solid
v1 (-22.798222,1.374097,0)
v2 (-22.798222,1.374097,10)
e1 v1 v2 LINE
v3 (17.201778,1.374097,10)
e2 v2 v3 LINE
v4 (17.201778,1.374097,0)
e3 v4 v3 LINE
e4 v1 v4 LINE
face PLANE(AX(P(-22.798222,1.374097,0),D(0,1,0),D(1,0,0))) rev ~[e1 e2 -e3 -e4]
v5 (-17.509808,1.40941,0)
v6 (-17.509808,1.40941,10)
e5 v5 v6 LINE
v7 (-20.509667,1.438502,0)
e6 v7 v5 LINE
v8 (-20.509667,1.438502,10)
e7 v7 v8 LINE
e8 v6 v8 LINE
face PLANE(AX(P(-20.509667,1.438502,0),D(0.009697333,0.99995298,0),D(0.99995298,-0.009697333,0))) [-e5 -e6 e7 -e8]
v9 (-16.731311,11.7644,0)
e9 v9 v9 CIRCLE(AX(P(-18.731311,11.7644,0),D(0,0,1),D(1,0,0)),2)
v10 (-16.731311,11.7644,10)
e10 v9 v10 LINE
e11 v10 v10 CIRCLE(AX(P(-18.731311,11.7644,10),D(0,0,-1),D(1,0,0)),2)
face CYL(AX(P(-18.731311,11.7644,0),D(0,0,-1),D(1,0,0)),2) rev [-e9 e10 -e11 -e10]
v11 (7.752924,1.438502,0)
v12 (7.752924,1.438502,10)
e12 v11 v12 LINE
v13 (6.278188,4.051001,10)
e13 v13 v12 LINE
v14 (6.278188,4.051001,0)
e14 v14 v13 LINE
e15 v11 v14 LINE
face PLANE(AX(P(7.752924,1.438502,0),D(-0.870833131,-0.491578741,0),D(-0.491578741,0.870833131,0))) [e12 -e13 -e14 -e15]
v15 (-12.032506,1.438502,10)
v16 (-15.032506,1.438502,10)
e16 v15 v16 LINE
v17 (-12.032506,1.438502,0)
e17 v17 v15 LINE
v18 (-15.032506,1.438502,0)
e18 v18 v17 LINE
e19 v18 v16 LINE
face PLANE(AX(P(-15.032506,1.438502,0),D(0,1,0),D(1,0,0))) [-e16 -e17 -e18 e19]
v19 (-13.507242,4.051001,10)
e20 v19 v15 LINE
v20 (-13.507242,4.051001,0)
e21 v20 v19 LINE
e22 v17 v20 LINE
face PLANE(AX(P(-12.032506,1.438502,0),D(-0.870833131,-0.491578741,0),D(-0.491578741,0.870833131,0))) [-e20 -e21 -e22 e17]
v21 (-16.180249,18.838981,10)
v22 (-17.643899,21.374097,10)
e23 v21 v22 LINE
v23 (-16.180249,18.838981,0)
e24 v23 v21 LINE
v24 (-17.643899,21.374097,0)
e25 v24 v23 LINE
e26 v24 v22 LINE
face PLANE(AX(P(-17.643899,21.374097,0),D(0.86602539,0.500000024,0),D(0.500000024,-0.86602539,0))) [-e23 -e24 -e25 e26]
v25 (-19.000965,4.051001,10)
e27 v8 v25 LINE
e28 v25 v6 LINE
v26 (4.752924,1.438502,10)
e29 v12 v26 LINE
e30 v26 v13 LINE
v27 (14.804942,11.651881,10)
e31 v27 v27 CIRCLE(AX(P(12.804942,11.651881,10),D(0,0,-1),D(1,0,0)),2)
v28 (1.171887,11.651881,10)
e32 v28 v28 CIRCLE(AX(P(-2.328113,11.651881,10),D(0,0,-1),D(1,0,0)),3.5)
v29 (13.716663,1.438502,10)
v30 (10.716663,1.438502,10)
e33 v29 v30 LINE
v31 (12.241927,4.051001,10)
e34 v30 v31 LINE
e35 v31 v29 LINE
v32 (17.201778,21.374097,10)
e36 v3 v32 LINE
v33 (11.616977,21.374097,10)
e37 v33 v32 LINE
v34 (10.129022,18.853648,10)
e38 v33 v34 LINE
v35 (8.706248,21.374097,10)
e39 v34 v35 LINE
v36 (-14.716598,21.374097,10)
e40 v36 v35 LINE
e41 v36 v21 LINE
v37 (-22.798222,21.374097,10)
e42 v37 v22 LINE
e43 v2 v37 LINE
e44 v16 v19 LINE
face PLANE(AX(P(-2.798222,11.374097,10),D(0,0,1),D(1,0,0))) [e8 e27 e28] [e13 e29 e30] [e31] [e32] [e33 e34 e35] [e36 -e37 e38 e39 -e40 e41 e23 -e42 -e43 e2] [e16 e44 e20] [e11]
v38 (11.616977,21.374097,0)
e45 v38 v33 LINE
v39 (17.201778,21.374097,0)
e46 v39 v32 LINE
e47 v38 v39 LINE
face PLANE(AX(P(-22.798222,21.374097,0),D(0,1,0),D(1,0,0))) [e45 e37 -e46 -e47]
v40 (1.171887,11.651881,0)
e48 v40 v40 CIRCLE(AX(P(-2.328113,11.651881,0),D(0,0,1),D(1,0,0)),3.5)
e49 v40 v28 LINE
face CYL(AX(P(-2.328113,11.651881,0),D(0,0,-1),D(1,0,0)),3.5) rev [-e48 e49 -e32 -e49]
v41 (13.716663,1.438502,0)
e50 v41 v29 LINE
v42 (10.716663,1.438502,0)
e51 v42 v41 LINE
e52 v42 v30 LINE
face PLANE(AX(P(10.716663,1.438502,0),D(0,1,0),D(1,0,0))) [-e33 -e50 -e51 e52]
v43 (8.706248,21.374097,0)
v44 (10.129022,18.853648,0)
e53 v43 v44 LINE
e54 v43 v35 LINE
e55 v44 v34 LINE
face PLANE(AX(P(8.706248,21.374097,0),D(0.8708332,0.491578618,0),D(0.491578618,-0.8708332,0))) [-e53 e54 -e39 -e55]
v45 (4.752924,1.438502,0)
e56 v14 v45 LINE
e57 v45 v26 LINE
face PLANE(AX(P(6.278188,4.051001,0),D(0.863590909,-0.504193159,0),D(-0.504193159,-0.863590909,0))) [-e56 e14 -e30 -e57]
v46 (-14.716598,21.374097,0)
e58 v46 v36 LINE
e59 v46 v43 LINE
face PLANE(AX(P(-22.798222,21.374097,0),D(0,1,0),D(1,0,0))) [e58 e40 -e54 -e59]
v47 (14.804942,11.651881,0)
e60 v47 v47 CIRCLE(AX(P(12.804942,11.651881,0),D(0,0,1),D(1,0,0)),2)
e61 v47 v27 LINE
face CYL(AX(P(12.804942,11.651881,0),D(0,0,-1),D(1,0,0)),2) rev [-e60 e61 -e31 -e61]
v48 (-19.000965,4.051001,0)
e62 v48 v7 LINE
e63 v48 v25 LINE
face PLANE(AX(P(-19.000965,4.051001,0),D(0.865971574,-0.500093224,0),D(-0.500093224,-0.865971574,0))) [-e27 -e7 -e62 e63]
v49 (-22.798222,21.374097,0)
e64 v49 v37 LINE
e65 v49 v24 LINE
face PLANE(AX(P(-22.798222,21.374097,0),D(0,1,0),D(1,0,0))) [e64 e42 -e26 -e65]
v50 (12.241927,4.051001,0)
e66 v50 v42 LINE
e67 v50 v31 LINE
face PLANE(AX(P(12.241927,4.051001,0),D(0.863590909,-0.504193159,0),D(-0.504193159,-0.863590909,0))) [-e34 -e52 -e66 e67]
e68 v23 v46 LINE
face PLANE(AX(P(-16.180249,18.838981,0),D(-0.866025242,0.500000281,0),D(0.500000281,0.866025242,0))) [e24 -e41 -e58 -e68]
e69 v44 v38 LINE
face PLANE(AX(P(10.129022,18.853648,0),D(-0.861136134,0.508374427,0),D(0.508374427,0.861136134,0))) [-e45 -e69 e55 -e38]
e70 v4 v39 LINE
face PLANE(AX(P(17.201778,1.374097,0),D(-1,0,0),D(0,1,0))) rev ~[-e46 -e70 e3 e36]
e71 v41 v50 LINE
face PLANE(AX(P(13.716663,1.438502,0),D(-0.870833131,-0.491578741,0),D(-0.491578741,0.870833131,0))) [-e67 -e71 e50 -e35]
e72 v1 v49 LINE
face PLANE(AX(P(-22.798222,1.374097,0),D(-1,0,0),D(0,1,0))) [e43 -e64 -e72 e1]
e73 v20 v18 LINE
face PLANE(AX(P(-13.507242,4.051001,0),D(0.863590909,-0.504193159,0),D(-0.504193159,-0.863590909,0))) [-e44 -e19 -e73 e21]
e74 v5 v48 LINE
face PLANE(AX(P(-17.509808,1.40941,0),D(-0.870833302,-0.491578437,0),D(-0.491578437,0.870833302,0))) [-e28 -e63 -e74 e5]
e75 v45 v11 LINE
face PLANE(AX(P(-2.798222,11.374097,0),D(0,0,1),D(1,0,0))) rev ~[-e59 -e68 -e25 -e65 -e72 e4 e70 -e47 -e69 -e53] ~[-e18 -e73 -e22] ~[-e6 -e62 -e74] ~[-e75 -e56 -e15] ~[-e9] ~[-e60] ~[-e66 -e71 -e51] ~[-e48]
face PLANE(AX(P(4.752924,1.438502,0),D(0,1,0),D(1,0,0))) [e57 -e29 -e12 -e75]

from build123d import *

# Parameters (mm, degrees)
F0_W     = 40
F0_H     = 20
F2_DEPTH = 10
F1_R     = 2
F1_R_2   = 3.5
F3_DEPTH = 10.001


with BuildPart() as f2:
    # F0 (on Top) → F2 (new body)
    with BuildSketch(Plane.XY):
        with Locations((-2.798222, 11.374097)):
            Rectangle(F0_W, F0_H)
    extrude(amount=F2_DEPTH)

    # F1 (on face) → F3 (cut, through all)
    with BuildSketch(Plane.XY):
        Polygon((-19.000965, 4.051001), (-20.509667, 1.438502), (-17.509808, 1.40941), align=None)
        Polygon((-13.507242, 4.051001), (-15.032506, 1.438502), (-12.032506, 1.438502), align=None)
        Polygon((6.278188, 4.051001), (4.752924, 1.438502), (7.752924, 1.438502), align=None)
        Polygon((12.241927, 4.051001), (10.716663, 1.438502), (13.716663, 1.438502), align=None)
        with Locations((12.804942, 11.651881)):
            Circle(F1_R)
        with Locations((-2.328113, 11.651881)):
            Circle(F1_R_2)
        with Locations((-18.731311, 11.7644)):
            Circle(F1_R)
        Polygon((-16.180249, 18.838981), (-14.716598, 21.374097), (-17.643899, 21.374097), align=None)
        Polygon((11.616977, 21.374097), (8.706248, 21.374097), (10.129022, 18.853648), align=None)
    extrude(amount=F3_DEPTH, mode=Mode.SUBTRACT)


solid = f2.part
